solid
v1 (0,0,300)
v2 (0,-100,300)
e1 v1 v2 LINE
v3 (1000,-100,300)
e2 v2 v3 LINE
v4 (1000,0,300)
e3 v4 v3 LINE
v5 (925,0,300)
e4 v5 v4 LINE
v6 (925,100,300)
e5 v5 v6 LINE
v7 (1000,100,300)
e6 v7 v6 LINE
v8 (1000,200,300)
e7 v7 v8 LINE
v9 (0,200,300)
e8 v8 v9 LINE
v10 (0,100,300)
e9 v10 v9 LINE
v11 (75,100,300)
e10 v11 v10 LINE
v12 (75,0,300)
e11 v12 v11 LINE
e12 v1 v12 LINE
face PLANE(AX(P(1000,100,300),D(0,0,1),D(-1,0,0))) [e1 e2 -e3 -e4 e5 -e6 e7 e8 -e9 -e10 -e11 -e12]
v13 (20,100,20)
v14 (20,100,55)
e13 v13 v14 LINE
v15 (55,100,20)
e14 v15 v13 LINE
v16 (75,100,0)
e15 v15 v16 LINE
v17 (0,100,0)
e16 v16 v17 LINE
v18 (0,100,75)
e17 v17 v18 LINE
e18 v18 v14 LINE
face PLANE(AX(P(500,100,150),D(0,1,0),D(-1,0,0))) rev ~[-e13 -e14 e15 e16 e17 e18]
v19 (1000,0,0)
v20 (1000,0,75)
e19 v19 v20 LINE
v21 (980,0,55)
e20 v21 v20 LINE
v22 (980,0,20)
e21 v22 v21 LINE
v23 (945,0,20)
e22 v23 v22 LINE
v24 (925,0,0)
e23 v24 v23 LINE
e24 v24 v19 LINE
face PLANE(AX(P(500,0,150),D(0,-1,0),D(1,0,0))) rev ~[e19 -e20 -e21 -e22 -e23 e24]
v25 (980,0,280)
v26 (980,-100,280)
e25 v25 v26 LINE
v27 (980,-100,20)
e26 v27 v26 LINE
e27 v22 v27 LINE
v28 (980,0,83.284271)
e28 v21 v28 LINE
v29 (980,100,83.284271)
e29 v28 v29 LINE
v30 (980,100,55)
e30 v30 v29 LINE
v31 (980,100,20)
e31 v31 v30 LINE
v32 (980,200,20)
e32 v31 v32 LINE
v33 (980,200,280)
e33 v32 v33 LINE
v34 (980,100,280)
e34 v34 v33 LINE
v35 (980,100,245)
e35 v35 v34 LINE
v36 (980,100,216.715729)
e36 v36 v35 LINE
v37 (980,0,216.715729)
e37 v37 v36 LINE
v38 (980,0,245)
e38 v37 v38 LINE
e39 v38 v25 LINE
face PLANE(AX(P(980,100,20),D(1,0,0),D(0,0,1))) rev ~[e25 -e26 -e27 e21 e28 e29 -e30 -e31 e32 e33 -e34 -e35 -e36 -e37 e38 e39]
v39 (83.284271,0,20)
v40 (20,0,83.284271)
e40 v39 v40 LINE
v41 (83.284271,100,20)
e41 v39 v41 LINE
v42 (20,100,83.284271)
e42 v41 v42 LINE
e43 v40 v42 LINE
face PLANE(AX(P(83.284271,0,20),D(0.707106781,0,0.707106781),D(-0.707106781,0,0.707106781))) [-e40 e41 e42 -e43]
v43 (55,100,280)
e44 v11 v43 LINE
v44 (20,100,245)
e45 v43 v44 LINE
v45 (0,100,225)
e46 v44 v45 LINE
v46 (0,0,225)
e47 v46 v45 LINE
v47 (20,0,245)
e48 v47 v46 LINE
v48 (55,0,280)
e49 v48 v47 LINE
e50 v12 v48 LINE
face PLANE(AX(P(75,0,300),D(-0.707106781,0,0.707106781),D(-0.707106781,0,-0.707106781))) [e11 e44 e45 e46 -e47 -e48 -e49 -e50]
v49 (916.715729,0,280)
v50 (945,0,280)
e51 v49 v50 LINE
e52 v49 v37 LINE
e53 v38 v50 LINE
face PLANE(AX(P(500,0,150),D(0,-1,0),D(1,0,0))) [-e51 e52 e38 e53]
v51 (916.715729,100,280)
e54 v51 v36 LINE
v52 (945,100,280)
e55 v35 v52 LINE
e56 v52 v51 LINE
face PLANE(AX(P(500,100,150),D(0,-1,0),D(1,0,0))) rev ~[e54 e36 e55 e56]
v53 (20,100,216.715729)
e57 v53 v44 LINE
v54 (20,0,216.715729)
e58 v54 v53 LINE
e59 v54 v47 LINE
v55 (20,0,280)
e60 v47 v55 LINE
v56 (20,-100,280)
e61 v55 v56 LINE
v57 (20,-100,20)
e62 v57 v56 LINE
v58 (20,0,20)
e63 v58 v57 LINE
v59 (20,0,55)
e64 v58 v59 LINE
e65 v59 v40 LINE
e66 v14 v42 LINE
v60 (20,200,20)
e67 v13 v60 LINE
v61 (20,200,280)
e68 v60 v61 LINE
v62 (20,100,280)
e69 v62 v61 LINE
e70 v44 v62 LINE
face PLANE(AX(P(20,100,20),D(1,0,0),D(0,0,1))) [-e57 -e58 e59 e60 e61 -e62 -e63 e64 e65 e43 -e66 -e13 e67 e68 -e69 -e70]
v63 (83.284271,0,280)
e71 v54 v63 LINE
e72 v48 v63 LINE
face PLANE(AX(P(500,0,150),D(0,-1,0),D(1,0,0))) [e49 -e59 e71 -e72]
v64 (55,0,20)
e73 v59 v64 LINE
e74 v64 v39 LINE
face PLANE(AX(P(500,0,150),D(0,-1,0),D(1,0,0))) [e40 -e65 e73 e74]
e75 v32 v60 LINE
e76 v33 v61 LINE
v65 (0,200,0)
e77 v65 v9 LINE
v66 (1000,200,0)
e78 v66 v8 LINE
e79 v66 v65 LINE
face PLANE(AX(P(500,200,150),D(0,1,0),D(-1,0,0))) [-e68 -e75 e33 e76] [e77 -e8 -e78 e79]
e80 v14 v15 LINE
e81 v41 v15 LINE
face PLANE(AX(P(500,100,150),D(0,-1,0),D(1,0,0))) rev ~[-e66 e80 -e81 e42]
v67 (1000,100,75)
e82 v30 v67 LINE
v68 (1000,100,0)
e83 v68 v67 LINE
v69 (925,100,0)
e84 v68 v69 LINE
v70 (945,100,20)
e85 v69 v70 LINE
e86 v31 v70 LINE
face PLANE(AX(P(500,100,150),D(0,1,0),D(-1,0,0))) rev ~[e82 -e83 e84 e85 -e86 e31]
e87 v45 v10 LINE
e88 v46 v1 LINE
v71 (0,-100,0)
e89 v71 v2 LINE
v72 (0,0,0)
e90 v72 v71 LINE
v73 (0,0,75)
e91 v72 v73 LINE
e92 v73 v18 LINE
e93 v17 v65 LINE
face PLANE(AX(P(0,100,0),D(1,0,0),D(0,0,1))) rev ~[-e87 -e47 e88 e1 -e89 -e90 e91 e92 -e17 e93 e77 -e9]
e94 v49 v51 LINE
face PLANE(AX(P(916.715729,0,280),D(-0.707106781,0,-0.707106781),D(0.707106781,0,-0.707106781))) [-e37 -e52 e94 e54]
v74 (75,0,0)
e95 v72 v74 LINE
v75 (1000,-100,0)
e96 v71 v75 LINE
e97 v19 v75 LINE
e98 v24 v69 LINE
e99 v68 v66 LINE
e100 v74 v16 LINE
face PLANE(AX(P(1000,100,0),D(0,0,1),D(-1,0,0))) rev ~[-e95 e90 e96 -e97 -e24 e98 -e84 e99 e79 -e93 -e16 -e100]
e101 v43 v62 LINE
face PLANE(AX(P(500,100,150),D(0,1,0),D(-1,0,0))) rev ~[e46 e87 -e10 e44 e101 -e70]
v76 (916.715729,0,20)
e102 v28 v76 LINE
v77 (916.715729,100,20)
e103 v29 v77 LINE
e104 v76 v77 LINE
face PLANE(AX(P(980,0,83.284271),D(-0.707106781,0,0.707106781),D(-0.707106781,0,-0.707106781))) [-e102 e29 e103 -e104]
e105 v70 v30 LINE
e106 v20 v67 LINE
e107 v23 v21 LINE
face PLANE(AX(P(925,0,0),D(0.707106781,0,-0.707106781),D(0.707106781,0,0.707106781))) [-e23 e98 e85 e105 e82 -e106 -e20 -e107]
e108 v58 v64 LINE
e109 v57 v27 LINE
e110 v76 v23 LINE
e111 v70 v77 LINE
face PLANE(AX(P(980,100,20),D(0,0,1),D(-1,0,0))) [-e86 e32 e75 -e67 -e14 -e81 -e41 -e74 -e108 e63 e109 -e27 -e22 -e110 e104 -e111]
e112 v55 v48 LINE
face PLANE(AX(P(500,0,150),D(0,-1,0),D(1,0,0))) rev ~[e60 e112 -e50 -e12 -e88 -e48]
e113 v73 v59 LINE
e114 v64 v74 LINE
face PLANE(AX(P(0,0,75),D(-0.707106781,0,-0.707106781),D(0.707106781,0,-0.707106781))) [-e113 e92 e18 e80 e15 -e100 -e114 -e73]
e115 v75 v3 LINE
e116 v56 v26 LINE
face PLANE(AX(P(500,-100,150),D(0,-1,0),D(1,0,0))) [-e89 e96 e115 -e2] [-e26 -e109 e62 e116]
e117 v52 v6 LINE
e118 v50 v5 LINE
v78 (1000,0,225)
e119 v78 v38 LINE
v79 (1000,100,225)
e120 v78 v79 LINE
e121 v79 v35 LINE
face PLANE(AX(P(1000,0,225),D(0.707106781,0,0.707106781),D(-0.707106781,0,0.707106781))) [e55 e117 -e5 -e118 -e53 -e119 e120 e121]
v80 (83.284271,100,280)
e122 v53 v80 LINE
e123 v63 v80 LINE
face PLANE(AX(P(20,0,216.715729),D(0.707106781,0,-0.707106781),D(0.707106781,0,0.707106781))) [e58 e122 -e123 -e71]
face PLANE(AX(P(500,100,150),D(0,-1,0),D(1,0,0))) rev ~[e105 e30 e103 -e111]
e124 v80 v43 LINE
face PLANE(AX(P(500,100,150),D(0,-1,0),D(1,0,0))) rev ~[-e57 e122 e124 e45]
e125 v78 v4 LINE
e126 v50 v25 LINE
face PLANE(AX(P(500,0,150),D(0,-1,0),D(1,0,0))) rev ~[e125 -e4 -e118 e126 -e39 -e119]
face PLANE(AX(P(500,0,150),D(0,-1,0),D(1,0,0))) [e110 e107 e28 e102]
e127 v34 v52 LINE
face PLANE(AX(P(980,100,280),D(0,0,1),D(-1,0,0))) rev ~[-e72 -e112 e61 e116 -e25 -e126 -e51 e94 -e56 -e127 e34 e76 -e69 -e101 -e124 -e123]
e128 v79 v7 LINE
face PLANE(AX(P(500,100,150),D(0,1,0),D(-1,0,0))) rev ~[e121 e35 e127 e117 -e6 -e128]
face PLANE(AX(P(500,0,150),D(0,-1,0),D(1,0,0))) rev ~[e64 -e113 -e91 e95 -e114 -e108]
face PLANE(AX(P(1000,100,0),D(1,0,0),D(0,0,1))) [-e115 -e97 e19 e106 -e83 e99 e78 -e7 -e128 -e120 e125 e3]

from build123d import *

# Parameters (mm, degrees)
F0_W     = 1000
F0_H     = 300
F0_W_2   = 960
F0_H_2   = 260
F1_DEPTH = 100
F3_DEPTH = 100
F4_W     = 1000
F4_H     = 300
F4_W_2   = 960
F4_H_2   = 260
F5_DEPTH = 100


with BuildPart() as f1:
    # F0 (on Front) → F1 (new body)
    with BuildSketch(Plane.XZ):
        with Locations((500, 150)):
            Rectangle(F0_W, F0_H)
        with Locations((500, 150)):
            Rectangle(F0_W_2, F0_H_2, mode=Mode.SUBTRACT)
    extrude(amount=F1_DEPTH)

    # F2 (on Front) → F3 (join)
    with BuildSketch(Plane.XZ):
        Polygon((0, 225), (0, 75), (75, 0), (925, 0), (1000, 75), (1000, 225), (925, 300), (75, 300), align=None)
        Polygon((20, 83.284271), (20, 216.715729), (83.284271, 280), (916.715729, 280), (980, 216.715729), (980, 83.284271), (916.715729, 20), (83.284271, 20), align=None, mode=Mode.SUBTRACT)
    extrude(amount=-F3_DEPTH)

    # F4 (on face) → F5 (join)
    with BuildSketch(Plane(origin=(0, 100, 0), x_dir=(-1, 0, 0), z_dir=(0, 1, 0))):
        with Locations((-500, 150)):
            Rectangle(F4_W, F4_H)
        with Locations((-500, 150)):
            Rectangle(F4_W_2, F4_H_2, mode=Mode.SUBTRACT)
    extrude(amount=F5_DEPTH)


solid = f1.part
